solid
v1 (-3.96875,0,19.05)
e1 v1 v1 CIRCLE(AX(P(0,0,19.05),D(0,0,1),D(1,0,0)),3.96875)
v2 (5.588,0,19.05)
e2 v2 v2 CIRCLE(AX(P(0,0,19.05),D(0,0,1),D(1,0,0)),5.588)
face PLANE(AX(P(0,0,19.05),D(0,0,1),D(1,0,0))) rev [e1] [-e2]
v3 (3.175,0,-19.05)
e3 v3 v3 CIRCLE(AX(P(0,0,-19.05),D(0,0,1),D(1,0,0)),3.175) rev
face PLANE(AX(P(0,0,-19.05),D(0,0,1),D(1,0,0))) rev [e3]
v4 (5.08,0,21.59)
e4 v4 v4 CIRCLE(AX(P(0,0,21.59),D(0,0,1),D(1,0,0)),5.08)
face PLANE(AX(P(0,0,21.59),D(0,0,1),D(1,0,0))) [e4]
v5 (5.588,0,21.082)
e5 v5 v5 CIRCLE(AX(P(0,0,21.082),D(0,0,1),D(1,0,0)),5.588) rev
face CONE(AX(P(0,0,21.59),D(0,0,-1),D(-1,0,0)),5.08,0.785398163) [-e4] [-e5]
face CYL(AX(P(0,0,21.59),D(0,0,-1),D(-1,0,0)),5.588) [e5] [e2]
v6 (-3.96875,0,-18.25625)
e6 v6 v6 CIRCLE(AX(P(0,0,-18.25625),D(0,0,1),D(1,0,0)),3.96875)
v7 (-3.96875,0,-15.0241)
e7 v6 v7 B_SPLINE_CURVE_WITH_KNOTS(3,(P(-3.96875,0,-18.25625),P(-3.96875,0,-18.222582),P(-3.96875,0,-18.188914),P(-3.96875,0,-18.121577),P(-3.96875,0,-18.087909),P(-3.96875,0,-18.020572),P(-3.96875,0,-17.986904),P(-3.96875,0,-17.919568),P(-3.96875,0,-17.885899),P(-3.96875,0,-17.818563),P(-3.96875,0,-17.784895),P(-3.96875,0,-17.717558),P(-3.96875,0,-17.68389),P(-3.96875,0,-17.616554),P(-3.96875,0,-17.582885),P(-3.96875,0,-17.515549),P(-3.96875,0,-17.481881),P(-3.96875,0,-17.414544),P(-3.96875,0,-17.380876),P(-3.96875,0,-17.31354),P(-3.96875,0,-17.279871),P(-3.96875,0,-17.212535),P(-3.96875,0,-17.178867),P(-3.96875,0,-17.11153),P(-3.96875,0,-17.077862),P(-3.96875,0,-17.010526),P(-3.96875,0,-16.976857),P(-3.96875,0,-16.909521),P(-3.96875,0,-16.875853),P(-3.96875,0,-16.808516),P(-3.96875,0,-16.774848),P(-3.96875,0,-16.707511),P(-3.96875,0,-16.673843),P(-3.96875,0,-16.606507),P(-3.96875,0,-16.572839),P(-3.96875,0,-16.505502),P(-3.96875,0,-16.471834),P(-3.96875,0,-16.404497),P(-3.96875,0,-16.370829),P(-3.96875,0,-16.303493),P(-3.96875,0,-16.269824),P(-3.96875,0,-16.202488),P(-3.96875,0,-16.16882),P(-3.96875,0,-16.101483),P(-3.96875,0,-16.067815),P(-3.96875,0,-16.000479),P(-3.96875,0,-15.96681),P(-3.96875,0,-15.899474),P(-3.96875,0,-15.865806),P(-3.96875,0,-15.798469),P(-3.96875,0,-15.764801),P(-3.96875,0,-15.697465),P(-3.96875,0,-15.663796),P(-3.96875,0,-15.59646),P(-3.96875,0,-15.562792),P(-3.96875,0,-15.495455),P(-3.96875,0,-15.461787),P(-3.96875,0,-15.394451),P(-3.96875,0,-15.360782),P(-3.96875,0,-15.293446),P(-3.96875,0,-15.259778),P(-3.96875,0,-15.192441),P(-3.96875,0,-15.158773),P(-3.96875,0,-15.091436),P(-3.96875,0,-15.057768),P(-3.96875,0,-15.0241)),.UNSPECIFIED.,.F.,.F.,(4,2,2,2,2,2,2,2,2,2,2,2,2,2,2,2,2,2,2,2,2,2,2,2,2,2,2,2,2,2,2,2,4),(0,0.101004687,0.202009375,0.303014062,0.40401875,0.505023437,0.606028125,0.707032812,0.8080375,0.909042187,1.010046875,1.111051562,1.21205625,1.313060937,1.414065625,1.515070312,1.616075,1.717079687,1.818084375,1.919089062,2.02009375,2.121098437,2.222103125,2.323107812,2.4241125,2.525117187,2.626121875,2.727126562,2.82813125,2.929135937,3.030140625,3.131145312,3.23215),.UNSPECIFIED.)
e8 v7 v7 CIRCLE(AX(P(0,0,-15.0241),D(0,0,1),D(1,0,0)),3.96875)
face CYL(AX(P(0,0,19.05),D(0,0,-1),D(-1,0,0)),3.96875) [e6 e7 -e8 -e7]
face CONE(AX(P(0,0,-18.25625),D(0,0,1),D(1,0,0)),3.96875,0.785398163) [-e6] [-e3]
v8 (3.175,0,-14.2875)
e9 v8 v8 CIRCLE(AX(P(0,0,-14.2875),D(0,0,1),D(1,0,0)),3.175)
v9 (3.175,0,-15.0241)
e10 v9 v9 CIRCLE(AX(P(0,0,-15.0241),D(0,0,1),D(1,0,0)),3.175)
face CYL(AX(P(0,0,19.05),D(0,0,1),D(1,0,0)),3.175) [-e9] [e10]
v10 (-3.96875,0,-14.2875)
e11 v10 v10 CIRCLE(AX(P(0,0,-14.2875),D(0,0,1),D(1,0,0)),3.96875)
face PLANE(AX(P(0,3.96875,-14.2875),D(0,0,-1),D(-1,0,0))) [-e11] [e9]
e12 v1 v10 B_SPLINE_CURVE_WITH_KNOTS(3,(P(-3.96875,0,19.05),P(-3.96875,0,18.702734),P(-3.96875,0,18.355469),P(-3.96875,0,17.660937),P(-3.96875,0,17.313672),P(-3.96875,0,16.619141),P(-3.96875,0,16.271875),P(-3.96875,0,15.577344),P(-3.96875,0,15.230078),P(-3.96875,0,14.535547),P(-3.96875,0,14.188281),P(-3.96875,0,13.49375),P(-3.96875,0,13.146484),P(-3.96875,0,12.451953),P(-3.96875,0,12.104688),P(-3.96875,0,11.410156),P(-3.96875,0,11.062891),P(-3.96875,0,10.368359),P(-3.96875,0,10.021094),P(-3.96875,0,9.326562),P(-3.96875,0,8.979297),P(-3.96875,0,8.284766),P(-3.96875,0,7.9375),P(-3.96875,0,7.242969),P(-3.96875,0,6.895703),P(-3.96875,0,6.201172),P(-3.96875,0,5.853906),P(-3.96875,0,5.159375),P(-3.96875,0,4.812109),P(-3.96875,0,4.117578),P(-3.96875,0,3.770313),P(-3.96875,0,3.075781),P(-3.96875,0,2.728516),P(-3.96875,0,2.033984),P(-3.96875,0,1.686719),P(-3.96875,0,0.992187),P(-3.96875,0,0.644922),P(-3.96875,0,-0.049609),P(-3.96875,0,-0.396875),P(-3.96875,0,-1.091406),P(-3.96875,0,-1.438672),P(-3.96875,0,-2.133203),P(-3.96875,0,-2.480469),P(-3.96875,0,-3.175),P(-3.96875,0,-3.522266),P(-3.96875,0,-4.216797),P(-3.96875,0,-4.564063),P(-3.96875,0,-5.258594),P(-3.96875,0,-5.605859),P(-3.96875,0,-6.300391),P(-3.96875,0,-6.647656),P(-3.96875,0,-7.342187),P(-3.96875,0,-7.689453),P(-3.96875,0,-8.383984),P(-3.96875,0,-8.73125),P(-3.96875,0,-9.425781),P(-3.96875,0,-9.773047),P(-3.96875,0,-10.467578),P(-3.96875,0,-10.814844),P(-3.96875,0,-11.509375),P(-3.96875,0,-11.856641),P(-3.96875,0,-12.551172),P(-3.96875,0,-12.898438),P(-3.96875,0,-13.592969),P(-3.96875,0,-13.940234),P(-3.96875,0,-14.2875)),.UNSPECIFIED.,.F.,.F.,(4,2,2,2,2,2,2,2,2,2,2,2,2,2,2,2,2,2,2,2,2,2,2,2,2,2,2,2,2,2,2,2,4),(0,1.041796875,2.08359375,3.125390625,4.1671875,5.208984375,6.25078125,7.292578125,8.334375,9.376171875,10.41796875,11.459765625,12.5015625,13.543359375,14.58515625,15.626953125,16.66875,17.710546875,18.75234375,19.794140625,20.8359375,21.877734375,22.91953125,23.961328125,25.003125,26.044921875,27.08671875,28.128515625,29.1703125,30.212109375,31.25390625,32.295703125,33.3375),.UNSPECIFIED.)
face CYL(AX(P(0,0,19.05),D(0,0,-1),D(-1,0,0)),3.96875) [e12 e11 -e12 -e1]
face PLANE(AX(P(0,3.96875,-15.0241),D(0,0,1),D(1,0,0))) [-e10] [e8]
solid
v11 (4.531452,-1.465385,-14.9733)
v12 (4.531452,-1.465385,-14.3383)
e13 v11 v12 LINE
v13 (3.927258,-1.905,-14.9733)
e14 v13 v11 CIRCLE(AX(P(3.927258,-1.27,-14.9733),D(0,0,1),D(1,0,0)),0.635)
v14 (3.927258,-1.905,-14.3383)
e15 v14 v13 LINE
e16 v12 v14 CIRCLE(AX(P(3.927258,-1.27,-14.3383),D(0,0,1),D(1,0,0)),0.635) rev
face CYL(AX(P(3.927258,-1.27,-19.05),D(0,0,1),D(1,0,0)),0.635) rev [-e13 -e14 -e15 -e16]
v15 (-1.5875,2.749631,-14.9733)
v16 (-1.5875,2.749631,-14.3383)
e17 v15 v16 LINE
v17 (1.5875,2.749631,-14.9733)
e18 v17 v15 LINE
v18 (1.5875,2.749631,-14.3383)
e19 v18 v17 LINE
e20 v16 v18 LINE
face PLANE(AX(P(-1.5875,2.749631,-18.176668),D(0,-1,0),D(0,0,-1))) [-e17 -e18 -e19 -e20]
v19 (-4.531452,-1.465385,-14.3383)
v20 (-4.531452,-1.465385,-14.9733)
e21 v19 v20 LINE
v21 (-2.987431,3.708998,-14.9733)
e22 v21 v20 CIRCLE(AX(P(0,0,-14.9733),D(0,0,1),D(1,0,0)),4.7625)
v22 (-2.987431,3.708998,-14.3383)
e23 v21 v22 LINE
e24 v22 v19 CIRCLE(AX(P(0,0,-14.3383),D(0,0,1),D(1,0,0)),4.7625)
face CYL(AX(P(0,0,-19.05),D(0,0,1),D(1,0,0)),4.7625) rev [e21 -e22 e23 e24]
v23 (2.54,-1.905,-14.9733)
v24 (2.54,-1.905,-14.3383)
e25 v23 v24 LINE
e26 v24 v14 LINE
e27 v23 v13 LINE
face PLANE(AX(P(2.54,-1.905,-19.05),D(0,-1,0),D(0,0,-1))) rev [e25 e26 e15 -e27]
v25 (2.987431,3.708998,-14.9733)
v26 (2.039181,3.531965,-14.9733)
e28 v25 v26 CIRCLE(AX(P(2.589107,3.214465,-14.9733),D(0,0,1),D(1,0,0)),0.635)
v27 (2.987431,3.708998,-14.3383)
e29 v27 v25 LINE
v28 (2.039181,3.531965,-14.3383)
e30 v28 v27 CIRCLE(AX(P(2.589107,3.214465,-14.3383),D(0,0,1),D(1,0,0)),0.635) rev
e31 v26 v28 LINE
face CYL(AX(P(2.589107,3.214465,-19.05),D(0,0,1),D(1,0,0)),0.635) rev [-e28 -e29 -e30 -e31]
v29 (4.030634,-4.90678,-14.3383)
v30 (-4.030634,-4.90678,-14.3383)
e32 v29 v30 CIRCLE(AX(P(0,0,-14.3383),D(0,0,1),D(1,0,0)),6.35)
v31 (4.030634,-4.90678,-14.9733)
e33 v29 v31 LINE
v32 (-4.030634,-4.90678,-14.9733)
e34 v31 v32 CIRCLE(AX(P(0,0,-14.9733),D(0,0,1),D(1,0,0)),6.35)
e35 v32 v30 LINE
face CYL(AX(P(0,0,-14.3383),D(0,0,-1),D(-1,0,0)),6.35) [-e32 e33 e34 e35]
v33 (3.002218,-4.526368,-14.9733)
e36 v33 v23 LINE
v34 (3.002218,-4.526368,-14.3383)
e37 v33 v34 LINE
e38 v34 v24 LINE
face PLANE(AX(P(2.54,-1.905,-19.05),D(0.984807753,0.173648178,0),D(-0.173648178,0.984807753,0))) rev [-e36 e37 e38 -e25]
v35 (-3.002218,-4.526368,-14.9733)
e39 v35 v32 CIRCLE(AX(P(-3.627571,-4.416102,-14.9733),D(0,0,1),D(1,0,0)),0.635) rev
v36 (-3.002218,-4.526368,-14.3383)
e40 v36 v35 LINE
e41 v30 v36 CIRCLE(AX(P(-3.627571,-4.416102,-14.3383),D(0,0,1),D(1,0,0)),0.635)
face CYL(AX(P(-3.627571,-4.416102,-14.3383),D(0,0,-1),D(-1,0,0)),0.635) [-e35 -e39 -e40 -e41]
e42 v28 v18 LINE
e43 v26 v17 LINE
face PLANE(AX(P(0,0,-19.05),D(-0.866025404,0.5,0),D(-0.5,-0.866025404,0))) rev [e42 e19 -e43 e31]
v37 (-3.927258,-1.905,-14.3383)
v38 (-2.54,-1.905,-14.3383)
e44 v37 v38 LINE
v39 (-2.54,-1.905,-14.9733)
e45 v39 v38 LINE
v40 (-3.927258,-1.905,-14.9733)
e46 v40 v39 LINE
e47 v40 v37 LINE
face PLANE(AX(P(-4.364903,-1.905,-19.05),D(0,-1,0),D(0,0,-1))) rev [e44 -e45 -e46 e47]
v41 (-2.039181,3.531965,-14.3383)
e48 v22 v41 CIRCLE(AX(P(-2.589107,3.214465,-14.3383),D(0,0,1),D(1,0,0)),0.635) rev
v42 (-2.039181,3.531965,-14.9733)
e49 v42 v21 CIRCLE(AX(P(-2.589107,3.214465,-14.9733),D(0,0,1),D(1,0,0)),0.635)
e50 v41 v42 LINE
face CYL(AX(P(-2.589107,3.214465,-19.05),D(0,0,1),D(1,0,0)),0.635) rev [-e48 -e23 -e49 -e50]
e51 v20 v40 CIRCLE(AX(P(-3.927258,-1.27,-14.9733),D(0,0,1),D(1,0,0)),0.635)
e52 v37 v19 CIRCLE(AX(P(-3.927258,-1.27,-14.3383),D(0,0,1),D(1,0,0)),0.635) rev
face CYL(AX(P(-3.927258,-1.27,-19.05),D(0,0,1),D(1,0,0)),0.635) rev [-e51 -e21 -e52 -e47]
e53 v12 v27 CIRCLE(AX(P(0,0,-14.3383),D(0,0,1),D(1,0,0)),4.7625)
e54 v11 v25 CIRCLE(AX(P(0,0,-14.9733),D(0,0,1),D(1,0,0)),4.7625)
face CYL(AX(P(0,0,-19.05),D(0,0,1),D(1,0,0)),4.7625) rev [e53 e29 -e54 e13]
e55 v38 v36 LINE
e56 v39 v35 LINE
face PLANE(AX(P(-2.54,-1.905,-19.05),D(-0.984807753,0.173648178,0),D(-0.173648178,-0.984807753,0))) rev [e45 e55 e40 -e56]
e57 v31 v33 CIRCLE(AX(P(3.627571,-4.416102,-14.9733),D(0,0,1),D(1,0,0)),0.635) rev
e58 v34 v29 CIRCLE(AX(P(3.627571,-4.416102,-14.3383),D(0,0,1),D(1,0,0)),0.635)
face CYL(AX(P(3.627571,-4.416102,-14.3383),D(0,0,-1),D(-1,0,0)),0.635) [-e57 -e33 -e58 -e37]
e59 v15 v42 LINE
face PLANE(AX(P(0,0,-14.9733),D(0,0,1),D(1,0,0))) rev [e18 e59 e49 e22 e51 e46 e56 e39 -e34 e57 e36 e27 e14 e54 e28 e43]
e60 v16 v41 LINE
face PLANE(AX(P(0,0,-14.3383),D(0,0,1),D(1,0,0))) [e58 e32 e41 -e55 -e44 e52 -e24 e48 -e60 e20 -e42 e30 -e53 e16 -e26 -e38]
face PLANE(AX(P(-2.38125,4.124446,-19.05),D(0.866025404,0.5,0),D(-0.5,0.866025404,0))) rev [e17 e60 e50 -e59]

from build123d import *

# Parameters (mm, degrees)
SKETCH2_R      = 3.96875
EXTRUDE1_DEPTH = 19.05
SKETCH3_W      = 0.7366
SKETCH3_H      = 0.79375
SKETCH8_R      = 5.588
EXTRUDE6_DEPTH = 2.54
CHAMFER2_SIZE  = 0.508
SKETCH4_R      = 6.35
SKETCH4_R_2    = 3.175
EXTRUDE2_DEPTH = 0.3175
EXTRUDE4_DEPTH = 24.383179852
EXTRUDE5_DEPTH = 0.635
FILLET1_R      = 0.635
CHAMFER1_SIZE  = 0.79375


with BuildPart() as part:
    # Sketch2 → Extrude1 (new, symmetric)
    with BuildSketch(Plane.XY):
        with Locations(Location((0, 0, 0), (0, 0, 180))):
            Circle(SKETCH2_R)
    extrude(amount=EXTRUDE1_DEPTH, both=True)

    # Sketch3 → Cut-Revolve1 (revolve, cut)
    with BuildSketch(Plane(origin=(0, 0, 0), x_dir=(0, 0, -1), z_dir=(1, 0, 0)), mode=Mode.PRIVATE) as cut_revolve1_sk:
        with Locations((14.6558, 3.571875)):
            Rectangle(SKETCH3_W, SKETCH3_H)
    revolve(cut_revolve1_sk.sketch.rotate(Axis((0, 0, 19.05), (0, 0, -1)), 270), axis=Axis((0, 0, 19.05), (0, 0, -1)), mode=Mode.SUBTRACT)

    # Sketch8 → Extrude6 (add)
    with BuildSketch(Plane.XY.offset(19.05)):
        Circle(SKETCH8_R)
    extrude(amount=EXTRUDE6_DEPTH)

    # Chamfer2
    chamfer2_edges = [part.edges().sort_by_distance(p)[0] for p in [
        (-5.588, 0, 21.59),
    ]]
    chamfer(chamfer2_edges, length=CHAMFER2_SIZE)

    # Chamfer1
    chamfer1_edges = [part.edges().sort_by_distance(p)[0] for p in [
        (3.96875, 0, -19.05),
    ]]
    chamfer(chamfer1_edges, length=CHAMFER1_SIZE)


with BuildPart() as body_2:
    # Sketch4 → Extrude2 (new, symmetric)
    with BuildSketch(Plane.XY.offset(-14.6558)):
        Circle(SKETCH4_R)
        Circle(SKETCH4_R_2, mode=Mode.SUBTRACT)
    extrude(amount=EXTRUDE2_DEPTH, both=True)

    # Sketch5 → Extrude4 (cut, through all)
    with BuildSketch(Plane.XY):
        with BuildLine():
            Line((-2.38125, 4.124445986), (0, 0))
            Line((0, 0), (2.38125, 4.124445986))
            ThreePointArc((2.38125, 4.124445986), (4.523958552, 1.488356568), (4.364903349, -1.905))
            Line((4.364903349, -1.905), (2.54, -1.905))
            Line((2.54, -1.905), (3.173879308, -5.499908194))
            ThreePointArc((3.173879308, -5.499908194), (0, -6.35), (-3.173879308, -5.499908194))
            Line((-3.173879308, -5.499908194), (-2.54, -1.905))
            Line((-2.54, -1.905), (-4.364903349, -1.905))
            ThreePointArc((-4.364903349, -1.905), (-4.523958552, 1.488356568), (-2.38125, 4.124445986))
        make_face()
    extrude(amount=-EXTRUDE4_DEPTH, mode=Mode.SUBTRACT)

    # Sketch6 → Extrude5 (add)
    with BuildSketch(Plane.XY.offset(-14.3383)):
        with BuildLine():
            Line((-1.5875, 2.749630657), (1.5875, 2.749630657))
            ThreePointArc((1.5875, 2.749630657), (0, 3.175), (-1.5875, 2.749630657))
        make_face()
    extrude(amount=-EXTRUDE5_DEPTH)

    # Fillet1
    fillet1_edges = [body_2.edges().sort_by_distance(p)[0] for p in [
        (2.38125, 4.124445986, -14.6558),
        (3.173879308, -5.499908194, -14.6558),
        (-4.364903349, -1.905, -14.6558),
        (4.364903349, -1.905, -14.6558),
        (-3.173879308, -5.499908194, -14.6558),
        (-2.38125, 4.124445986, -14.6558),
    ]]
    fillet(fillet1_edges, radius=FILLET1_R)


solid = Compound([part.part, body_2.part])
